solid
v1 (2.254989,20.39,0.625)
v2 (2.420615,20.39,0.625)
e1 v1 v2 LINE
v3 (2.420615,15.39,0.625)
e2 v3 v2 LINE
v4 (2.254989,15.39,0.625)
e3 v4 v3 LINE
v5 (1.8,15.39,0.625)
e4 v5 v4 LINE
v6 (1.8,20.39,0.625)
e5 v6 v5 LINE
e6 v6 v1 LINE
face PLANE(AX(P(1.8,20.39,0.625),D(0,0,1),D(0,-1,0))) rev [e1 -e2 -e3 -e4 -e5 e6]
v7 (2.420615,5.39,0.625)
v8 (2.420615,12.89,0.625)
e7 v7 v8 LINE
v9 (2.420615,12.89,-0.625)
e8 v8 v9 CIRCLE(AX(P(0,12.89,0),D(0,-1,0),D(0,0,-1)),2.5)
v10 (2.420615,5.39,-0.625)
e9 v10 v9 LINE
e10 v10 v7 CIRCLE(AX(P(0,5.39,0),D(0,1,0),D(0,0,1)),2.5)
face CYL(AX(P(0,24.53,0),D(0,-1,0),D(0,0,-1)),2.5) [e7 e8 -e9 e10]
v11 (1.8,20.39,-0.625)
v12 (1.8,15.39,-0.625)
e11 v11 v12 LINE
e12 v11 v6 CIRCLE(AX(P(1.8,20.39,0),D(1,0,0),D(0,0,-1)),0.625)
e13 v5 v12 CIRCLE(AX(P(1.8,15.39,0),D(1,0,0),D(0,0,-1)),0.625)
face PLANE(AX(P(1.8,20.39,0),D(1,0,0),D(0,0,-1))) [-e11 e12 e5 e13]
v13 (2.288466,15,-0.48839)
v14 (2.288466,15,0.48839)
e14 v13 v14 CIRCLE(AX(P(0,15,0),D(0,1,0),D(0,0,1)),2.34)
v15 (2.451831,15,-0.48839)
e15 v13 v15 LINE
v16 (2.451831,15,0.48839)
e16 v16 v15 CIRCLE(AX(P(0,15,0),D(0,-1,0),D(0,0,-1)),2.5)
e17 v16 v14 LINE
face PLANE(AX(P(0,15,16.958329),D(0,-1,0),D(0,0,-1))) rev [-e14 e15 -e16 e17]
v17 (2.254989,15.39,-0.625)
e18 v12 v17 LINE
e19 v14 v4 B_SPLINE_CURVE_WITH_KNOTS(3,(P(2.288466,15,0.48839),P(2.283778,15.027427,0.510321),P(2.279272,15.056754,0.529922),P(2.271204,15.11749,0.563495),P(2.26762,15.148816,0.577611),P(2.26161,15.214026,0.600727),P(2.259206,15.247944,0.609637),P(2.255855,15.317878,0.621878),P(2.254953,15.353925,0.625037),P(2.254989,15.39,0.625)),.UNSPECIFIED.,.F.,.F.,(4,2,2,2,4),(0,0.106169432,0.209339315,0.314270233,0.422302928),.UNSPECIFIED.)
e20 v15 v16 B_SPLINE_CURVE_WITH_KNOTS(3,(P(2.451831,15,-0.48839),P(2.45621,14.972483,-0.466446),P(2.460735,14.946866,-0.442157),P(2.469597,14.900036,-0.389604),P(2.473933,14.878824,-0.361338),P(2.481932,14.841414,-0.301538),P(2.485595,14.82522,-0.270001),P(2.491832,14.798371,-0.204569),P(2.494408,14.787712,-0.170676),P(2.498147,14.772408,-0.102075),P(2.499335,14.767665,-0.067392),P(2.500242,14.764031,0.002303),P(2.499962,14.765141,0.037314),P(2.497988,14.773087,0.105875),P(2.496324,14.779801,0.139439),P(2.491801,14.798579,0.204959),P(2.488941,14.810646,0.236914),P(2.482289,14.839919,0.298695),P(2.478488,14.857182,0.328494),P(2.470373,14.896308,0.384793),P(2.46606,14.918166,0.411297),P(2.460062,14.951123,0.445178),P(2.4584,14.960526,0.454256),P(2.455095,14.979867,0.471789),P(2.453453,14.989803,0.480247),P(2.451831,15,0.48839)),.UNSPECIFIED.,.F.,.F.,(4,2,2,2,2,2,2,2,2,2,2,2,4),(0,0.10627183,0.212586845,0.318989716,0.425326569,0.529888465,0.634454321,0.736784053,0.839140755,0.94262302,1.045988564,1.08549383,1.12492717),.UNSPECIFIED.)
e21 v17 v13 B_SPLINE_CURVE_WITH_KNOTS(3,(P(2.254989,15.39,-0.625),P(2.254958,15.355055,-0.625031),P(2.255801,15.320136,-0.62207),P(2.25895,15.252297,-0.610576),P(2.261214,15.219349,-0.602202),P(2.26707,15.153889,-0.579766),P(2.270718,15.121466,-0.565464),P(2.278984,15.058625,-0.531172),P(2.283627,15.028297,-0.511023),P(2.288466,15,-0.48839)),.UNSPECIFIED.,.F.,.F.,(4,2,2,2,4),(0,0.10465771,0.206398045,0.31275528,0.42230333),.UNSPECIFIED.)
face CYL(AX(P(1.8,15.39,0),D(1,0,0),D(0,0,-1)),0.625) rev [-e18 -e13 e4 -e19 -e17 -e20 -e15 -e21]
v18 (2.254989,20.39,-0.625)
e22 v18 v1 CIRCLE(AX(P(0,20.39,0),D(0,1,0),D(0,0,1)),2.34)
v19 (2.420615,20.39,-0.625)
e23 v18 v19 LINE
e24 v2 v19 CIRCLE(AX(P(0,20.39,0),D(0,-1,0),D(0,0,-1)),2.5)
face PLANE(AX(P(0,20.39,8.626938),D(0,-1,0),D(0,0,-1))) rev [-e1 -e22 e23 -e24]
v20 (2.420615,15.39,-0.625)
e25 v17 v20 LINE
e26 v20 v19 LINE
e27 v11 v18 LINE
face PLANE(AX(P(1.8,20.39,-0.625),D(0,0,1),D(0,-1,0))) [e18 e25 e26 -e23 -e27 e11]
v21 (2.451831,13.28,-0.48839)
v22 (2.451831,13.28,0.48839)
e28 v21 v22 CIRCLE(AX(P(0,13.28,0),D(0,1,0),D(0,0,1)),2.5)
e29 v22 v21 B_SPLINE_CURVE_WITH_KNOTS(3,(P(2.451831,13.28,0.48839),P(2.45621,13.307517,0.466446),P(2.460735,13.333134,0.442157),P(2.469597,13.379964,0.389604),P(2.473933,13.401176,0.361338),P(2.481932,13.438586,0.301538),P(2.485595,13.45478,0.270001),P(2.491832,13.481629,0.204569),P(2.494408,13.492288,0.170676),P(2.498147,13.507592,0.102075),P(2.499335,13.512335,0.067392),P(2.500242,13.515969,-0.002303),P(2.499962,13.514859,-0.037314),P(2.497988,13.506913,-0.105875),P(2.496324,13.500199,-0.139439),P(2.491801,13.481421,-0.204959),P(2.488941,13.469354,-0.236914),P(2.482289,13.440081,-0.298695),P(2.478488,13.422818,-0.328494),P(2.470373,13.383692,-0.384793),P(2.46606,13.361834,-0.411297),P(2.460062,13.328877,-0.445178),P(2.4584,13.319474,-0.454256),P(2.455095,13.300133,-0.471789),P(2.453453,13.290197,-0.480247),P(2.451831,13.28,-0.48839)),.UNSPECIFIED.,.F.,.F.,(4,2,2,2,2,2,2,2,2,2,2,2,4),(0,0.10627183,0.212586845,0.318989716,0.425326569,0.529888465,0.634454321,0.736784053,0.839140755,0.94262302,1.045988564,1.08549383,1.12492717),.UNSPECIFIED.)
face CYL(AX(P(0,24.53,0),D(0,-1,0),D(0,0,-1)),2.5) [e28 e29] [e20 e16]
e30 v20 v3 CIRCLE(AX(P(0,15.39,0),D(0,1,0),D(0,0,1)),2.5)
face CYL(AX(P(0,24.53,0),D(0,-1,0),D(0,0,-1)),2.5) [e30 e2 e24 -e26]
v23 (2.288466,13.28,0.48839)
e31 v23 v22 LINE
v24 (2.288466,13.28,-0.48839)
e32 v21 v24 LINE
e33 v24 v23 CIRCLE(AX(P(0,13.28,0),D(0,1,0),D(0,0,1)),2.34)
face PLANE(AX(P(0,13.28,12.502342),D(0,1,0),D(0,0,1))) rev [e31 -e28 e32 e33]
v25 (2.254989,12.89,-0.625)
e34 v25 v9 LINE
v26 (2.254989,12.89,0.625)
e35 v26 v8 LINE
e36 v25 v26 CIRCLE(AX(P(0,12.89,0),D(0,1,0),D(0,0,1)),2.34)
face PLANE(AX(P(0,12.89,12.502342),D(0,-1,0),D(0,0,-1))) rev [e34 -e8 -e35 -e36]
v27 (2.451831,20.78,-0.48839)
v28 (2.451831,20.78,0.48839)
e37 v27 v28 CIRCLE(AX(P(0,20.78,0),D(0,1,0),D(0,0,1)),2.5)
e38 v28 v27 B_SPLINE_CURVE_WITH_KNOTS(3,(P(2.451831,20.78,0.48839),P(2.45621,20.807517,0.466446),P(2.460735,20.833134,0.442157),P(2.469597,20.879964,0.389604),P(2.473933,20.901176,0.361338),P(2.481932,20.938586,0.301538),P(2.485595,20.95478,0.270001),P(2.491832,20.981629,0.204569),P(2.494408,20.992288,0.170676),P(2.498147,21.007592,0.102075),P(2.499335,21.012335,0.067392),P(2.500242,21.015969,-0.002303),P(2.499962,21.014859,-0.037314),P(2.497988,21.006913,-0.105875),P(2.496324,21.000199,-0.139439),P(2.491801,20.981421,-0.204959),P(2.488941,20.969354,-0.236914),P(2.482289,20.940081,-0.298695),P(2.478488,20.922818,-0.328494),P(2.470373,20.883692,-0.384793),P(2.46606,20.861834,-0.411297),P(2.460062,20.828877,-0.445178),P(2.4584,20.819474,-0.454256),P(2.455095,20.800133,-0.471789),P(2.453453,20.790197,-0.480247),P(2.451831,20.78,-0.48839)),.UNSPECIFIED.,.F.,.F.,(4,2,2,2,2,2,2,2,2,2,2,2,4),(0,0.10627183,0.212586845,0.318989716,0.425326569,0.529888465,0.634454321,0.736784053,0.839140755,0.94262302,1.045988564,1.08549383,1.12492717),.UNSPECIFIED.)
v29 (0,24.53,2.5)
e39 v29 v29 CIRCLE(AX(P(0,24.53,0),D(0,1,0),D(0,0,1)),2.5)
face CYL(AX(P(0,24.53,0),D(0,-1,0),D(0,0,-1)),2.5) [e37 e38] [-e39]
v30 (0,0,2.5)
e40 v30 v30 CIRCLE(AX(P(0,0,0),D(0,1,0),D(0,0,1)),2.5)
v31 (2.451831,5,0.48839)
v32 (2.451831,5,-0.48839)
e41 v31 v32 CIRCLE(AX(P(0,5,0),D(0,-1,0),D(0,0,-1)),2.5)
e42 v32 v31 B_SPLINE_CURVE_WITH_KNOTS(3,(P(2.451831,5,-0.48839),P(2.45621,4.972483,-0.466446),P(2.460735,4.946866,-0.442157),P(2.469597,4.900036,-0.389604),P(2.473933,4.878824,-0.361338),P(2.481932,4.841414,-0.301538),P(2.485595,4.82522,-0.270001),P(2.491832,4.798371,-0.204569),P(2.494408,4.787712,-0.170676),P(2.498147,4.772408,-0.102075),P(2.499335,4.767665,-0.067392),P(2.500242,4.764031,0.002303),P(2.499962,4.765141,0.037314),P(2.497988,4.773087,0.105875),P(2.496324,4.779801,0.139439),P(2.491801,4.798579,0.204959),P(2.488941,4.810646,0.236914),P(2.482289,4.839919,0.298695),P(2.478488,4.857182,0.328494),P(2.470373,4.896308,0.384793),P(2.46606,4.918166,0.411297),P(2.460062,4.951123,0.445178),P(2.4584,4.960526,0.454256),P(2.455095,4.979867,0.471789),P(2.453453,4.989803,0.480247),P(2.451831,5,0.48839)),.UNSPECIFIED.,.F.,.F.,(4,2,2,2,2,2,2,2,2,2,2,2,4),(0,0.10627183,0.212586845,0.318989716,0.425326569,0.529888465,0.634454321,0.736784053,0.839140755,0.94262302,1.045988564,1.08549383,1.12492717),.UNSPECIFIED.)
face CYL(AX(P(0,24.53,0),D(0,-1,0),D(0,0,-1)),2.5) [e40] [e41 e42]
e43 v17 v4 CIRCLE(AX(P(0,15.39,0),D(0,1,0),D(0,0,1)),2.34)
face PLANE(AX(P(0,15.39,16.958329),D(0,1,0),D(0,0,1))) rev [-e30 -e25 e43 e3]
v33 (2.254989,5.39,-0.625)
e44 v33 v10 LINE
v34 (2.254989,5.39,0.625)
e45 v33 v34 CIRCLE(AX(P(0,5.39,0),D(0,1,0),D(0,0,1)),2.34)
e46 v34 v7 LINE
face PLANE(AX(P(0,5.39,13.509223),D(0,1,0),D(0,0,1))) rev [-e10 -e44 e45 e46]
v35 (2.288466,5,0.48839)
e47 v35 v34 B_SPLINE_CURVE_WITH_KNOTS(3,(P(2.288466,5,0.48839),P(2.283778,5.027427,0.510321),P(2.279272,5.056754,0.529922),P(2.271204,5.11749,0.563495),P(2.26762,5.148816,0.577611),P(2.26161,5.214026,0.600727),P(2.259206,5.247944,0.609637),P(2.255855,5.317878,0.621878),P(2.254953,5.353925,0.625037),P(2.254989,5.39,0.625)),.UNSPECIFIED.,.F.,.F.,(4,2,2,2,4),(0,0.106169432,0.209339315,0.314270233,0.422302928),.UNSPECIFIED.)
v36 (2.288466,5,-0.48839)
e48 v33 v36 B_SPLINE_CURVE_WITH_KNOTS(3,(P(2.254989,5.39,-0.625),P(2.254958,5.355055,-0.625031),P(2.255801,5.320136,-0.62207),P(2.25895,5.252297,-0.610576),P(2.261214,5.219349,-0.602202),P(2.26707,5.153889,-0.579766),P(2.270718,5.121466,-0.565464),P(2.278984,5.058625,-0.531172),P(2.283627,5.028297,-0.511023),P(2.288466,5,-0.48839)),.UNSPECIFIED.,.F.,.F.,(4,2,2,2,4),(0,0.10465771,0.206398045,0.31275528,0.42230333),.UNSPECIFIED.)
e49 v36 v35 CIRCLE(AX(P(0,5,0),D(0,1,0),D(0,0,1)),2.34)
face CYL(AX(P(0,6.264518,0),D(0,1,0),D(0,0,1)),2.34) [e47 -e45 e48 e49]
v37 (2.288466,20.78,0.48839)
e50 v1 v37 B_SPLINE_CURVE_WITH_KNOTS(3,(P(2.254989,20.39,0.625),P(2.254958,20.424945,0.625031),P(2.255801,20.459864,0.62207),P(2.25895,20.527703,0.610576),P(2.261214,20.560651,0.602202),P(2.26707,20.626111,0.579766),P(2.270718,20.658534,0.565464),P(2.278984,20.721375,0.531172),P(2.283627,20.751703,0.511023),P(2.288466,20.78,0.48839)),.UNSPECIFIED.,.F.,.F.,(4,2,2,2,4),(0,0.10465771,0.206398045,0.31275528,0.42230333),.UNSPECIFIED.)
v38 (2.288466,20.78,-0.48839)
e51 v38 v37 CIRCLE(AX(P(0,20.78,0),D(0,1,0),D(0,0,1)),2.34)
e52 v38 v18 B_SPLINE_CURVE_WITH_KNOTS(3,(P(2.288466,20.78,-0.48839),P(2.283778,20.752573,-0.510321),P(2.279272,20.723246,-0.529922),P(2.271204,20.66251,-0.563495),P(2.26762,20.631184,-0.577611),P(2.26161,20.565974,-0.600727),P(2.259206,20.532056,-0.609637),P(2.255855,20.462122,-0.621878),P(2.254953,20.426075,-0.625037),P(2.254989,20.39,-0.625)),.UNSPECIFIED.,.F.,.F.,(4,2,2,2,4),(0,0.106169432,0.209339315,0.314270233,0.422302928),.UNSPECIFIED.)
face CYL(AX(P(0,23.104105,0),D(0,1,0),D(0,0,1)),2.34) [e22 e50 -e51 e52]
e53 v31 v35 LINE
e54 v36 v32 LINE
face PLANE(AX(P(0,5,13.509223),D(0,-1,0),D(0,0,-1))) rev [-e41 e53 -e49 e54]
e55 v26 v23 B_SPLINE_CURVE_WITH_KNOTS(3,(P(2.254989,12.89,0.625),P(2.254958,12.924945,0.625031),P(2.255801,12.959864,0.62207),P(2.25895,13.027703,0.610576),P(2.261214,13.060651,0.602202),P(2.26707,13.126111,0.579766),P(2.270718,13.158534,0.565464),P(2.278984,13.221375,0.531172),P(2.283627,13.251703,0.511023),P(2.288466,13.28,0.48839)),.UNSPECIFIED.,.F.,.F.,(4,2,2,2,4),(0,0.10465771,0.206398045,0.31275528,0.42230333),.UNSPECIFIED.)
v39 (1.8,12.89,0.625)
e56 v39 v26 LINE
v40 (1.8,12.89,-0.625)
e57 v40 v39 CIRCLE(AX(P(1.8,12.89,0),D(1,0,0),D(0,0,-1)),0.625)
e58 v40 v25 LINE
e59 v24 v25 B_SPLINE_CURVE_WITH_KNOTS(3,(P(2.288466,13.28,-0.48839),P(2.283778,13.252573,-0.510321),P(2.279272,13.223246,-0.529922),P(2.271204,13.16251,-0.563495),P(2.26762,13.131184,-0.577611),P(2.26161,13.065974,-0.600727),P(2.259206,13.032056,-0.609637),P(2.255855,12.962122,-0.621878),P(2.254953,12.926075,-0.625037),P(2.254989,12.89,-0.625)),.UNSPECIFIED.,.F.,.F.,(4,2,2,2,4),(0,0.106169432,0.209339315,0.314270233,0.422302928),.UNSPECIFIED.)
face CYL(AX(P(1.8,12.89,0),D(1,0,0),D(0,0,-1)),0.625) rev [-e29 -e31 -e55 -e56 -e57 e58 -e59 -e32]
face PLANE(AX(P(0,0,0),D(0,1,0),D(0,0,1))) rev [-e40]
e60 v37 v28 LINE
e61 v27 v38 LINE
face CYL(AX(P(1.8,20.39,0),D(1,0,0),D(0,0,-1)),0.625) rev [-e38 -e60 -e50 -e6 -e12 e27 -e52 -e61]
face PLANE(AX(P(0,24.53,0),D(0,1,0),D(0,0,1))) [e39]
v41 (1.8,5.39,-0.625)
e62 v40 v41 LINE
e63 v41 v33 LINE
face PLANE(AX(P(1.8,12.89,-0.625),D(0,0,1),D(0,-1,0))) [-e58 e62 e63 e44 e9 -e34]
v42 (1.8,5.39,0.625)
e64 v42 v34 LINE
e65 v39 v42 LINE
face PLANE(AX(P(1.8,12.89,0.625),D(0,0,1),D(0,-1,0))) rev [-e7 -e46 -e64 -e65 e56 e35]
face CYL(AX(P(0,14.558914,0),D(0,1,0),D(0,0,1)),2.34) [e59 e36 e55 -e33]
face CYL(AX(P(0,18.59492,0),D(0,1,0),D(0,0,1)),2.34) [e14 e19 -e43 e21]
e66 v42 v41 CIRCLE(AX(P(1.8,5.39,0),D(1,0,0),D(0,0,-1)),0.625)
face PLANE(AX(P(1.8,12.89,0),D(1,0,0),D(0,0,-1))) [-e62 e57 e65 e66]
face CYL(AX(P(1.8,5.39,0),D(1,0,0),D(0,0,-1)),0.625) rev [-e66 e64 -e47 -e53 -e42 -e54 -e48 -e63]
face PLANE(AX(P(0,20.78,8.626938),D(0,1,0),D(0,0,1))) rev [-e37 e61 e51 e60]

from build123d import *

# Parameters (mm, degrees)
SKETCH1_R           = 2.5
BOSS_EXTRUDE1_DEPTH = 24.53
SKETCH2_W           = 6.286937847
SKETCH2_H           = 0.39
SKETCH3_W           = 14.618328755
SKETCH3_H           = 0.39
SKETCH4_W           = 10.162341799
SKETCH4_H           = 0.39
SKETCH5_W           = 11.169222651
SKETCH5_H           = 0.39
CUT_EXTRUDE1_DEPTH  = 0.7
CUT_EXTRUDE2_DEPTH  = 0.7


with BuildPart() as part:
    # Sketch1 → Boss-Extrude1 (new body)
    with BuildSketch(Plane(origin=(0, 0, 0), x_dir=(1, 0, 0), z_dir=(0, 1, 0))):
        with Locations(Location((0, 0, 0), (0, 0, 270))):
            Circle(SKETCH1_R)
    extrude(amount=BOSS_EXTRUDE1_DEPTH)

    # Sketch2 → Cut-Revolve2 (revolve, cut)
    with BuildSketch(Plane(origin=(0, 0, 0), x_dir=(0, 0, -1), z_dir=(1, 0, 0))):
        with Locations((-5.483468924, 20.585)):
            Rectangle(SKETCH2_W, SKETCH2_H)
    revolve(axis=Axis((0, 23.104104934, 0), (0, -1, 0)), mode=Mode.SUBTRACT)

    # Sketch3 → Cut-Revolve3 (revolve, cut)
    with BuildSketch(Plane(origin=(0, 0, 0), x_dir=(0, 0, -1), z_dir=(1, 0, 0)), mode=Mode.PRIVATE) as cut_revolve3_sk:
        with Locations((-9.649164378, 15.195)):
            Rectangle(SKETCH3_W, SKETCH3_H)
    revolve(cut_revolve3_sk.sketch.rotate(Axis((0, 18.594919624, 0), (0, -1, 0)), 180), axis=Axis((0, 18.594919624, 0), (0, -1, 0)), mode=Mode.SUBTRACT)

    # Sketch4 → Cut-Revolve4 (revolve, cut)
    with BuildSketch(Plane(origin=(0, 0, 0), x_dir=(0, 0, -1), z_dir=(1, 0, 0)), mode=Mode.PRIVATE) as cut_revolve4_sk:
        with Locations((-7.4211709, 13.085)):
            Rectangle(SKETCH4_W, SKETCH4_H)
    revolve(cut_revolve4_sk.sketch.rotate(Axis((0, 14.558913737, 0), (0, -1, 0)), 180), axis=Axis((0, 14.558913737, 0), (0, -1, 0)), mode=Mode.SUBTRACT)

    # Sketch5 → Cut-Revolve5 (revolve, cut)
    with BuildSketch(Plane(origin=(0, 0, 0), x_dir=(0, 0, -1), z_dir=(1, 0, 0)), mode=Mode.PRIVATE) as cut_revolve5_sk:
        with Locations((-7.924611325, 5.195)):
            Rectangle(SKETCH5_W, SKETCH5_H)
    revolve(cut_revolve5_sk.sketch.rotate(Axis((0, 6.264518199, 0), (0, -1, 0)), 180), axis=Axis((0, 6.264518199, 0), (0, -1, 0)), mode=Mode.SUBTRACT)

    # Sketch6 → Cut-Extrude1 (cut)
    with BuildSketch(Plane(origin=(2.5, 0, 0), x_dir=(0, 0, -1), z_dir=(1, 0, 0))):
        with BuildLine():
            Line((0.625, 20.39), (0.625, 15.39))
            ThreePointArc((0.625, 15.39), (0, 14.765), (-0.625, 15.39))
            Line((-0.625, 15.39), (-0.625, 20.39))
            ThreePointArc((-0.625, 20.39), (0, 21.015), (0.625, 20.39))
        make_face()
    extrude(amount=-CUT_EXTRUDE1_DEPTH, mode=Mode.SUBTRACT)

    # Sketch7 → Cut-Extrude2 (cut)
    with BuildSketch(Plane(origin=(2.5, 0, 0), x_dir=(0, 0, -1), z_dir=(1, 0, 0))):
        with BuildLine():
            Line((0.625, 12.89), (0.625, 5.39))
            ThreePointArc((0.625, 5.39), (0, 4.765), (-0.625, 5.39))
            Line((-0.625, 5.39), (-0.625, 12.89))
            ThreePointArc((-0.625, 12.89), (0, 13.515), (0.625, 12.89))
        make_face()
    extrude(amount=-CUT_EXTRUDE2_DEPTH, mode=Mode.SUBTRACT)


solid = part.part
